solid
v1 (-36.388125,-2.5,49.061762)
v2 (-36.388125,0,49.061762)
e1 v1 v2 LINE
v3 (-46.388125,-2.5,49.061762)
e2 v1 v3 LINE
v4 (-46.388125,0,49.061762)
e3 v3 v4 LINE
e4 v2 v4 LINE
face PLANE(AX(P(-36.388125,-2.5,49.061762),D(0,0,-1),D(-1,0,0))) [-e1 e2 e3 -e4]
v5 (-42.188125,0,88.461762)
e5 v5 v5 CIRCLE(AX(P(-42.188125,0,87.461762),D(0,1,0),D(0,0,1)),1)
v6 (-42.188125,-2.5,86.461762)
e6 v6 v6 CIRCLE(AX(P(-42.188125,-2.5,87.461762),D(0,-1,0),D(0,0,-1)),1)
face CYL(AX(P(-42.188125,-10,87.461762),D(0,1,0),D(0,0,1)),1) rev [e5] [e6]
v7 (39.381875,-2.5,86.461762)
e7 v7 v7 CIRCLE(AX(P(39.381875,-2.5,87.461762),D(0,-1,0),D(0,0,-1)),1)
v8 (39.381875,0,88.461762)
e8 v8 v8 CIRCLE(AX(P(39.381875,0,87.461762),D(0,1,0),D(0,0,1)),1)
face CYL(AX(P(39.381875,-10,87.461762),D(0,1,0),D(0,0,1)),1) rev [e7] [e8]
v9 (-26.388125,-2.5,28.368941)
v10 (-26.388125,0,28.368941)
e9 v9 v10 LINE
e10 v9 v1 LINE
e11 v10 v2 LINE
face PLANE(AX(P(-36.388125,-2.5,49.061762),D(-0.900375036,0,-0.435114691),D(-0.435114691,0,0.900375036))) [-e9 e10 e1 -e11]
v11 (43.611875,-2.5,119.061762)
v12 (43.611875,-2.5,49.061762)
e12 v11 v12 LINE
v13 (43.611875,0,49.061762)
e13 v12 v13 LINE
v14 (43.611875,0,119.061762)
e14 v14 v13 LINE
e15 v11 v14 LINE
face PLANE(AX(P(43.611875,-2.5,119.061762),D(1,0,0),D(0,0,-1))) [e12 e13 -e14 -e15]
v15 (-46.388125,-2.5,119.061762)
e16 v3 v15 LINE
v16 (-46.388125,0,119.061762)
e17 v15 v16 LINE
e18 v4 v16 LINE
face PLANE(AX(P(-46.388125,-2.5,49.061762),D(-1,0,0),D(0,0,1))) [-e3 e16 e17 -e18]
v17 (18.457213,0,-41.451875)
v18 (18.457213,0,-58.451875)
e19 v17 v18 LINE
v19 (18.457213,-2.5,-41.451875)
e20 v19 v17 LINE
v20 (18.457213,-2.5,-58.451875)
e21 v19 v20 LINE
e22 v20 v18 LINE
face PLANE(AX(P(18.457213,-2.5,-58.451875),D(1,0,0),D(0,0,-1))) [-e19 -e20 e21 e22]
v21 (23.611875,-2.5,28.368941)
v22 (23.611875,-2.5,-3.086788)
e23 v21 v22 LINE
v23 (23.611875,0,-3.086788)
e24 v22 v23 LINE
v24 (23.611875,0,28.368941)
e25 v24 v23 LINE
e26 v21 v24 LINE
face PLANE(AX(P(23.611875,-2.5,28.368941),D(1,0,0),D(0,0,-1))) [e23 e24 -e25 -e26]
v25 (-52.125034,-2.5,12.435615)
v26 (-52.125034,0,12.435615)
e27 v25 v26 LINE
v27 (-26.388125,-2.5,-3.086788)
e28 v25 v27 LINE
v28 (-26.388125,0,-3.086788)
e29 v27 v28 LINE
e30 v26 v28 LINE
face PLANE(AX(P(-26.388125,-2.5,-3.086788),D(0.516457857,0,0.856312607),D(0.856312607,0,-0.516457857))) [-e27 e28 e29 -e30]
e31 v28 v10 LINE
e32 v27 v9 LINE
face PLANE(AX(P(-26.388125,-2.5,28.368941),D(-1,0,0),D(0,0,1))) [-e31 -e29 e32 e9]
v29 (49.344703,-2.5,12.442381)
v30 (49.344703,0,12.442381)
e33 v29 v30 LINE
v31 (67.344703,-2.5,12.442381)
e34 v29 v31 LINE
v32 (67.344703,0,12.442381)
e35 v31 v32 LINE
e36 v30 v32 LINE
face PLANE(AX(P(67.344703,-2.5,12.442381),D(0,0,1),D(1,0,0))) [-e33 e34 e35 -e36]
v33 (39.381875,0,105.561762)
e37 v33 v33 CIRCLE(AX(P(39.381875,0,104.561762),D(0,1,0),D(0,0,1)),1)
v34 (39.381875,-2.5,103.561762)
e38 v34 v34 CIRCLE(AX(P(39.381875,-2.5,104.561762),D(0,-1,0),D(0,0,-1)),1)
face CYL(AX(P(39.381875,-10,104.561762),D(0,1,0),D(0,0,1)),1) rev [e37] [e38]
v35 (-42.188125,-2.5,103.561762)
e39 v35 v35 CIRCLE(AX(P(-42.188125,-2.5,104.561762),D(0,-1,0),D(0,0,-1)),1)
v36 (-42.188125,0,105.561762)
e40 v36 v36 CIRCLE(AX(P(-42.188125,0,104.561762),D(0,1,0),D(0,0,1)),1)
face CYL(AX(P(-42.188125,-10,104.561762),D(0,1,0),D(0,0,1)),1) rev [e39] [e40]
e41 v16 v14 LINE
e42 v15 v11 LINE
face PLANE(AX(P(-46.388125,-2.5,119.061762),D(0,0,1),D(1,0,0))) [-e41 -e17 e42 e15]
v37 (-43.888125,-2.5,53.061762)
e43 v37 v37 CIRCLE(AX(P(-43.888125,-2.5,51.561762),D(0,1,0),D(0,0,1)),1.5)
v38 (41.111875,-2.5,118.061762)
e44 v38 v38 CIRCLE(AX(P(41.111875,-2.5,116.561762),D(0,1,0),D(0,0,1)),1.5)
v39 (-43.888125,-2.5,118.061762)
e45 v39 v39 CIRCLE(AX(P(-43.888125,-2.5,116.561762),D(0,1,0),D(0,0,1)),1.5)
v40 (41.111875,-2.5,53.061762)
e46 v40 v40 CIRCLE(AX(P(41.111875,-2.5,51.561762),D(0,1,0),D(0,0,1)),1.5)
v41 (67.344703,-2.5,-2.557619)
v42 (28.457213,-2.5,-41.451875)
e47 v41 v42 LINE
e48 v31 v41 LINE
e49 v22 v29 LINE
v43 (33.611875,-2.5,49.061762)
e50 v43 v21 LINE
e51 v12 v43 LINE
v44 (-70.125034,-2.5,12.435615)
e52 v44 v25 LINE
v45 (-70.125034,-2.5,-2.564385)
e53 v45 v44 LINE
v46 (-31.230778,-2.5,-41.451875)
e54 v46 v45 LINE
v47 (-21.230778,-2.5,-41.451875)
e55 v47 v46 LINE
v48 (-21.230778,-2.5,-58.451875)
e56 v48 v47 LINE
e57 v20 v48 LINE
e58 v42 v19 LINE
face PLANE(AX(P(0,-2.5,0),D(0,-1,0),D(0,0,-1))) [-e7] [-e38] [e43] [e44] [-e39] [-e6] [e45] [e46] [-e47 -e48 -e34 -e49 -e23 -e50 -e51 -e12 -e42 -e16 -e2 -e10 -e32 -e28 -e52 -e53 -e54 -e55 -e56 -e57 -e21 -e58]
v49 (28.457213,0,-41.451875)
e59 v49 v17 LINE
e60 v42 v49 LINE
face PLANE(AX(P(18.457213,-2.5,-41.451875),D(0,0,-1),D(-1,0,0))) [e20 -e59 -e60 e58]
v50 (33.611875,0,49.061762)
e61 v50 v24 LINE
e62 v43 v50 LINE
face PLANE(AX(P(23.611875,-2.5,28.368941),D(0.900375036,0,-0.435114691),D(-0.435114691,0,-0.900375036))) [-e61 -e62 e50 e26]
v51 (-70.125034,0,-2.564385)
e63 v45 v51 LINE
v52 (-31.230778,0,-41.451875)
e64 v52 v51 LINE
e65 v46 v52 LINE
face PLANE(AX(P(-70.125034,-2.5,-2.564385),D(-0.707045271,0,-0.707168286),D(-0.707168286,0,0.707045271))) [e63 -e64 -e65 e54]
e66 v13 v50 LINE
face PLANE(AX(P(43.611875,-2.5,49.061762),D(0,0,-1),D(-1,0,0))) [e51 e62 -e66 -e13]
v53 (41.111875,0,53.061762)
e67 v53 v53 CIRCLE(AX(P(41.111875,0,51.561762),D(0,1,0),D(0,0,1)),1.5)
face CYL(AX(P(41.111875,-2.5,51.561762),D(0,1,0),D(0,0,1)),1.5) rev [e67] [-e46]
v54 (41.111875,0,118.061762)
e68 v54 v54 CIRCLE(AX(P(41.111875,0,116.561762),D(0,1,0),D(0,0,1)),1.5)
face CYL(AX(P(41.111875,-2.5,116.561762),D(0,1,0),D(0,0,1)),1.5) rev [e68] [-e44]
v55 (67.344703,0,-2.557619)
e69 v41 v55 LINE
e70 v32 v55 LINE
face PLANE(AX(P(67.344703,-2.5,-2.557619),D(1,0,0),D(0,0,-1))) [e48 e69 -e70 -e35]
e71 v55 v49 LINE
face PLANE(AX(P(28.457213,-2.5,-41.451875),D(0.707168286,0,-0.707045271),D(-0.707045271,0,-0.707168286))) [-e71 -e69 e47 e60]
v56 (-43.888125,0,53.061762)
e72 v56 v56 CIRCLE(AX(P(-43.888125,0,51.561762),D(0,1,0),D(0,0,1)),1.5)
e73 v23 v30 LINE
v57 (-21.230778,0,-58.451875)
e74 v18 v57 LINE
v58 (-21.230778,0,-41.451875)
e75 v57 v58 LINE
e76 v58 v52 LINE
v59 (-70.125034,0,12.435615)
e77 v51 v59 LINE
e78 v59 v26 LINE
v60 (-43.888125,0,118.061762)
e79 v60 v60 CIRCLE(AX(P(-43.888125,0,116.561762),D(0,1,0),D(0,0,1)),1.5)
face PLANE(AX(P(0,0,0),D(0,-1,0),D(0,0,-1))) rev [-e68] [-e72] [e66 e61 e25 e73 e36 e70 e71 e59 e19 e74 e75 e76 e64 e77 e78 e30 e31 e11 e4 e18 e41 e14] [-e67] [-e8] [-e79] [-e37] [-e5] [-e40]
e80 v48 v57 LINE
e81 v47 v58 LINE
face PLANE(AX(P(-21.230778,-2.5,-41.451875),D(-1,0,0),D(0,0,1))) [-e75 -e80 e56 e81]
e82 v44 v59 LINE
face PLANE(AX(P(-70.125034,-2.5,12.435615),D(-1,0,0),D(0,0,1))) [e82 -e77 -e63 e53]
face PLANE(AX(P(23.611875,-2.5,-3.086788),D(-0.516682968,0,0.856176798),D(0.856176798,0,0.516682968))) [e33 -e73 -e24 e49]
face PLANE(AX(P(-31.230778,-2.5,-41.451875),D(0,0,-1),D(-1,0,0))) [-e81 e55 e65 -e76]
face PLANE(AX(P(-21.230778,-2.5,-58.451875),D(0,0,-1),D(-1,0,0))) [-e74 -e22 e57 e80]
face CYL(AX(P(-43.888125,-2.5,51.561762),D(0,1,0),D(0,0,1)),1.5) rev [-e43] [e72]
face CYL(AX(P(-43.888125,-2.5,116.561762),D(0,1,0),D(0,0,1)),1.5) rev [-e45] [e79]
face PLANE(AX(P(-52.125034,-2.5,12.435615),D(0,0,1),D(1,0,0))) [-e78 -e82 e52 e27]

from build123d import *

# Parameters (mm, degrees)
SKETCH1_R           = 1.5
BOSS_EXTRUDE1_DEPTH = 2.5
SKETCH2_R           = 1
CUT_EXTRUDE1_DEPTH  = 10
SKETCH3_R           = 1
CUT_EXTRUDE2_DEPTH  = 10


with BuildPart() as part:
    # Sketch1 → Boss-Extrude1 (new body)
    with BuildSketch(Plane(origin=(0, 0, 0), x_dir=(1, 0, 0), z_dir=(0, 1, 0))):
        Polygon((-36.388124659, -49.061762216), (-46.388124659, -49.061762216), (-46.388124659, -119.061762216), (43.611875341, -119.061762216), (43.611875341, -49.061762216), (33.611875341, -49.061762216), (23.611875341, -28.368941333), (23.611875341, 3.086787883), (49.344702977, -12.442380613), (67.344702977, -12.442380613), (67.344702977, 2.557619387), (28.457213072, 41.451875118), (18.457213072, 41.451875118), (18.457213072, 58.451875118), (-21.230778371, 58.451875118), (-21.230778371, 41.451875118), (-31.230778371, 41.451875118), (-70.125034102, 2.564385214), (-70.125034102, -12.435614786), (-52.125034102, -12.435614786), (-26.388124659, 3.086787883), (-26.388124659, -28.368941333), align=None)
        with Locations(Location((41.111875341, -51.561762216, 0), (0, 0, 270))):
            Circle(SKETCH1_R, mode=Mode.SUBTRACT)
        with Locations(Location((-43.888124659, -51.561762216, 0), (0, 0, 270))):
            Circle(SKETCH1_R, mode=Mode.SUBTRACT)
        with Locations(Location((-43.888124659, -116.561762216, 0), (0, 0, 270))):
            Circle(SKETCH1_R, mode=Mode.SUBTRACT)
        with Locations(Location((41.111875341, -116.561762216, 0), (0, 0, 270))):
            Circle(SKETCH1_R, mode=Mode.SUBTRACT)
    extrude(amount=-BOSS_EXTRUDE1_DEPTH)

    # Sketch2 → Cut-Extrude1 (cut)
    with BuildSketch(Plane(origin=(0, 0, 0), x_dir=(1, 0, 0), z_dir=(0, 1, 0))):
        with Locations(Location((-42.188124659, -87.461762216, 0), (0, 0, 270))):
            Circle(SKETCH2_R)
        with Locations(Location((-42.188124659, -104.561762216, 0), (0, 0, 270))):
            Circle(SKETCH2_R)
    extrude(amount=-CUT_EXTRUDE1_DEPTH, mode=Mode.SUBTRACT)

    # Sketch3 → Cut-Extrude2 (cut)
    with BuildSketch(Plane(origin=(0, 0, 0), x_dir=(1, 0, 0), z_dir=(0, 1, 0))):
        with Locations(Location((39.381875341, -87.461762216, 0), (0, 0, 270))):
            Circle(SKETCH3_R)
        with Locations(Location((39.381875341, -104.561762216, 0), (0, 0, 270))):
            Circle(SKETCH3_R)
    extrude(amount=-CUT_EXTRUDE2_DEPTH, mode=Mode.SUBTRACT)


solid = part.part
